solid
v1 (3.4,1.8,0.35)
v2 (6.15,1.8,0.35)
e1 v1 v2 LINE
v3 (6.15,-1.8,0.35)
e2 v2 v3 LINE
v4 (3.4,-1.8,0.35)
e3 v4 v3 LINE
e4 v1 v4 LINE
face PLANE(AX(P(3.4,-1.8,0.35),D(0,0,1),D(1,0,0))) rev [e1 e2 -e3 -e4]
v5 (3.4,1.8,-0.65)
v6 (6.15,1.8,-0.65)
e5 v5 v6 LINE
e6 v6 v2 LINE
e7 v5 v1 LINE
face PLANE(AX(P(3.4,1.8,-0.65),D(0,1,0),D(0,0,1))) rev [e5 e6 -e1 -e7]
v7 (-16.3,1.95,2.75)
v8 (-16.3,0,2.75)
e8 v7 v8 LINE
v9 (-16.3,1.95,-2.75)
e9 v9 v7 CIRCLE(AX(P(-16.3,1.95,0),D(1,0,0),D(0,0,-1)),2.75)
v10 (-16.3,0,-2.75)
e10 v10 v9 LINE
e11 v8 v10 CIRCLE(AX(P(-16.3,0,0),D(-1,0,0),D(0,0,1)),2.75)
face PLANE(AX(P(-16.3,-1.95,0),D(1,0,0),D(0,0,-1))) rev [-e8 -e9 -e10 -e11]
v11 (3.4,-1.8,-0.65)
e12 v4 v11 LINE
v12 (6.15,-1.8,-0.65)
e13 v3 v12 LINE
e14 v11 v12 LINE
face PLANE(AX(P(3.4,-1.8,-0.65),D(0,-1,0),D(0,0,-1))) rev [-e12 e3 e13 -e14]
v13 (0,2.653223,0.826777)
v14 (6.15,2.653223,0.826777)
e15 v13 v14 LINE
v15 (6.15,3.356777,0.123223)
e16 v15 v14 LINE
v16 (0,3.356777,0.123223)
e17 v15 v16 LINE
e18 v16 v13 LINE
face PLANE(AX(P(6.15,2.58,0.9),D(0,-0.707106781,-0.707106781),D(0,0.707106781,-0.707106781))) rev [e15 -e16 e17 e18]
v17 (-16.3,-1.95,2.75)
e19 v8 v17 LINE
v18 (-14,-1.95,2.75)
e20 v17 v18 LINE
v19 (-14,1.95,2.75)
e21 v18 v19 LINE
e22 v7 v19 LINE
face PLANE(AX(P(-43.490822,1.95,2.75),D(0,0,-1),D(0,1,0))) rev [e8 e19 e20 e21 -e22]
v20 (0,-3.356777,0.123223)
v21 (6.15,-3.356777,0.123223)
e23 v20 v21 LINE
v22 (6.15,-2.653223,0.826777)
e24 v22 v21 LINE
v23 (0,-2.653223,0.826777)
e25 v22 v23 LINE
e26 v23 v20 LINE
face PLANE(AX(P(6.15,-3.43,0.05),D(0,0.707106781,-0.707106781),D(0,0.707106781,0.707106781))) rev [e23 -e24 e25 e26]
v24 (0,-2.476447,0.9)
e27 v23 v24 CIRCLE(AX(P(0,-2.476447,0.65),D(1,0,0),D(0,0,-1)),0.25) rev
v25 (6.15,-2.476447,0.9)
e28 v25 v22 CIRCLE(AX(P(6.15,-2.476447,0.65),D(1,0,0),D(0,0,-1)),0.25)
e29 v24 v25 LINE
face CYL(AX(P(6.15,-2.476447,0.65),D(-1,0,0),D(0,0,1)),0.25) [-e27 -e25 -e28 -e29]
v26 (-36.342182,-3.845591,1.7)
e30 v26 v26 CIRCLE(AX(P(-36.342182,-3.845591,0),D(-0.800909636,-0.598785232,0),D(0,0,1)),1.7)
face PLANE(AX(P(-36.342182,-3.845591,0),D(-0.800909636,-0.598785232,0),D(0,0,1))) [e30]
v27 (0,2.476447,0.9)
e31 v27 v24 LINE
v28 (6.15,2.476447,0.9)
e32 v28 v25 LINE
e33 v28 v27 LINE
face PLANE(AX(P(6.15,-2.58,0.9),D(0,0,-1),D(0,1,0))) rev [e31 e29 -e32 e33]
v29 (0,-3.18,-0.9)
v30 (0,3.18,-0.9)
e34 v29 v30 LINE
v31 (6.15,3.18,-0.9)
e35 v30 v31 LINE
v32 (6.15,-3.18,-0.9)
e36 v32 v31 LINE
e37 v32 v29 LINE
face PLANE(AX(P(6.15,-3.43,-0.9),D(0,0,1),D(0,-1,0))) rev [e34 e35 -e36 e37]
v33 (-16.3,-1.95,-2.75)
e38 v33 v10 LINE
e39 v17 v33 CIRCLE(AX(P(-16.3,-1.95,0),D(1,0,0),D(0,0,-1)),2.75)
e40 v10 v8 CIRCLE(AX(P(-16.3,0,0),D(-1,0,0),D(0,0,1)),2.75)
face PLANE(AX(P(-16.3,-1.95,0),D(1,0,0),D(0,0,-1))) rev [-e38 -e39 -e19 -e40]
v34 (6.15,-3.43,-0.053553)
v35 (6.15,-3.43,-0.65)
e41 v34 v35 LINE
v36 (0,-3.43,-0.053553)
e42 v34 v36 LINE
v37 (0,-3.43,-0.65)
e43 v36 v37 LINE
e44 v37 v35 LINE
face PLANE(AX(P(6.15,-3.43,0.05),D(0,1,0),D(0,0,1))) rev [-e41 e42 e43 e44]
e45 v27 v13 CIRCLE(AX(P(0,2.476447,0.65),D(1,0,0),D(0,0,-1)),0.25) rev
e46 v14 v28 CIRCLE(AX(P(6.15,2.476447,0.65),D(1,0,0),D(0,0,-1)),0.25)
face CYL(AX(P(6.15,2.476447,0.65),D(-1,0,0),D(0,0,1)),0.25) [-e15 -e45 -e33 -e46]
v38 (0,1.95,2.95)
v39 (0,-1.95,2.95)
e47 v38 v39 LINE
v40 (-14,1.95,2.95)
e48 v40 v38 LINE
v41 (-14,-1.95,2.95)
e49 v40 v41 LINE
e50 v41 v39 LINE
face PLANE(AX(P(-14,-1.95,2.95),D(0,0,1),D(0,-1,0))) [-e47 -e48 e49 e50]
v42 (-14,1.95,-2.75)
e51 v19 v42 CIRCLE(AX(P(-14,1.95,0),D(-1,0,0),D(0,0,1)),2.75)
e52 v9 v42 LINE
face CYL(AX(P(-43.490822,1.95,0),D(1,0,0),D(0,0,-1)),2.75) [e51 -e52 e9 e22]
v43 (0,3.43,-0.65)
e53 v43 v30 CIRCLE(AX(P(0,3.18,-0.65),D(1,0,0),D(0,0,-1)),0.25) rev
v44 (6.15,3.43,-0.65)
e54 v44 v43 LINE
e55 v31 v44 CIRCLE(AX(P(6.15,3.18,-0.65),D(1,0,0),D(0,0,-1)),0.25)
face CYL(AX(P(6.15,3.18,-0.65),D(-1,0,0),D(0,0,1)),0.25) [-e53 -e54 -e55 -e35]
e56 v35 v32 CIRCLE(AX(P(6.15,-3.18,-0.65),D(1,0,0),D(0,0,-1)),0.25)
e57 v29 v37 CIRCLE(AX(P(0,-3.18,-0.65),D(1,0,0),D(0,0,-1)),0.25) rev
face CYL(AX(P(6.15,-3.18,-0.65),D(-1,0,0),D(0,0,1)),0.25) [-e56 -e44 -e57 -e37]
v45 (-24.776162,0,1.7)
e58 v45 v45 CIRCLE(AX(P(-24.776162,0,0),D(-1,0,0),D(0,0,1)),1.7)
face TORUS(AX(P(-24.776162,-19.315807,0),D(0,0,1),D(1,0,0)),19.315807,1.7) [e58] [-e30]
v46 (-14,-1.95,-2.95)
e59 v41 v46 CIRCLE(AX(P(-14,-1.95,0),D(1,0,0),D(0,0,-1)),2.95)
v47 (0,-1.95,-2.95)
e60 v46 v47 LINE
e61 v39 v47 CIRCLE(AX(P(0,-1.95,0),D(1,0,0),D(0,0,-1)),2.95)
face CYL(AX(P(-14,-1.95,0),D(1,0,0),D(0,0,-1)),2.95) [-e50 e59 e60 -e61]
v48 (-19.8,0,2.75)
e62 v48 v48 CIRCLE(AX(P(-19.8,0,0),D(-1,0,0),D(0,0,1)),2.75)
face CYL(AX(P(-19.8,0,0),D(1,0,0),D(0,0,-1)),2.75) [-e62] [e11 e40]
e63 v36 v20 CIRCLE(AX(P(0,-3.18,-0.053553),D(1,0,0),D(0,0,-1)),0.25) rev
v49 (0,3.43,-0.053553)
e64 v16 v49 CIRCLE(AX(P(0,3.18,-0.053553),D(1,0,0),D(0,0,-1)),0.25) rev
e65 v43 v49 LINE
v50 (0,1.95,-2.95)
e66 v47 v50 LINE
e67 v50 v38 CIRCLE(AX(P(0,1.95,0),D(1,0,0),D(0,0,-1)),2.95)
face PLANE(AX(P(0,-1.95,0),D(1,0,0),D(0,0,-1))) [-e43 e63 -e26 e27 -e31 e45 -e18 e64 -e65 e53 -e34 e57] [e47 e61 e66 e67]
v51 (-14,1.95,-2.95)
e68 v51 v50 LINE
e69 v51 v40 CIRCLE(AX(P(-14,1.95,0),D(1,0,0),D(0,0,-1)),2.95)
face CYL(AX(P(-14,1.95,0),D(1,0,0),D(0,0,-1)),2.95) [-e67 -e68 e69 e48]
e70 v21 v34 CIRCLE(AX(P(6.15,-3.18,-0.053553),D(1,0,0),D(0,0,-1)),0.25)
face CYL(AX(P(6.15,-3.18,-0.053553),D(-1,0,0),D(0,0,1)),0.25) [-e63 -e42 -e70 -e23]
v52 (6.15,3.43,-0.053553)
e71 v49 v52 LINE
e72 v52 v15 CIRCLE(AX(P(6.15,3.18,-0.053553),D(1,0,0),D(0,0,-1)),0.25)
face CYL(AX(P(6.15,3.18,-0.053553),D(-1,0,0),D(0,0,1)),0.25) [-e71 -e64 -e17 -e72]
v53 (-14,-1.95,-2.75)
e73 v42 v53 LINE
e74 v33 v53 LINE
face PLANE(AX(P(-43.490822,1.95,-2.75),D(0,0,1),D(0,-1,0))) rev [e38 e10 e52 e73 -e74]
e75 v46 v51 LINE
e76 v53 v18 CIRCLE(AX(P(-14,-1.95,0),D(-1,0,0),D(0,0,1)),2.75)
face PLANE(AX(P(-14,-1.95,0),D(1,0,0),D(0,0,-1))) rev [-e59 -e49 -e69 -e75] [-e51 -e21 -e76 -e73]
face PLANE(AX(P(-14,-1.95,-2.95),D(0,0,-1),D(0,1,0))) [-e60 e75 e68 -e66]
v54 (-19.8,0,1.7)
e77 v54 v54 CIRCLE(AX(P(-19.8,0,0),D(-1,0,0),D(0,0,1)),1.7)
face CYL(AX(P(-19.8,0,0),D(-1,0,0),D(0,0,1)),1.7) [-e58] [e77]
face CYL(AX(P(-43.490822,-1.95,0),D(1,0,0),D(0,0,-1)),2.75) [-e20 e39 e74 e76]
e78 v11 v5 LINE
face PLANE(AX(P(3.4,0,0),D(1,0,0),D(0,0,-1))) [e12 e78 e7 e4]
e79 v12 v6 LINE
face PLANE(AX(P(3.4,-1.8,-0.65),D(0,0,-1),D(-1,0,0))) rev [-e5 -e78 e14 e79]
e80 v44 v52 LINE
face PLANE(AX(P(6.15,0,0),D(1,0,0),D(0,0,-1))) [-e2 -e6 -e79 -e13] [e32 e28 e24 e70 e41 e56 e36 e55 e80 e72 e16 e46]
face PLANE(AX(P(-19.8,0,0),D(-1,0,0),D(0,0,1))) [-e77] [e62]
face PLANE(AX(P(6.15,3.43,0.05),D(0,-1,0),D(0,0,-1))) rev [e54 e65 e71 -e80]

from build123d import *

# Parameters (mm, degrees)
EXTRUDE_1_DEPTH     = 14
EXTRUDE_2_DEPTH     = 2.3
SKETCH_4_R          = 2.75
EXTRUDE_3_DEPTH     = 3.5
SKETCH_5_R          = 1.7
EXTRUDE_4_DEPTH     = 6.15
FILLET_1_R          = 0.25
SKETCH_8_W          = 1
SKETCH_8_H          = 3.6
CUT_EXTRUDE_1_DEPTH = 2.75


with BuildPart() as part:
    # Эскиз1 → Бобышка-Вытянуть1 (new body)
    with BuildSketch(Plane(origin=(0, 0, 0), x_dir=(0, 0, -1), z_dir=(1, 0, 0))):
        with BuildLine():
            Line((-2.95, -1.95), (-2.95, 1.95))
            ThreePointArc((-2.95, 1.95), (0, 4.9), (2.95, 1.95))
            Line((2.95, 1.95), (2.95, -1.95))
            ThreePointArc((2.95, -1.95), (0, -4.9), (-2.95, -1.95))
        make_face()
    extrude(amount=-EXTRUDE_1_DEPTH)

    # Эскиз3 → Бобышка-Вытянуть2 (add)
    with BuildSketch(Plane.ZY.offset(14)):
        with BuildLine():
            Line((2.75, 1.95), (2.75, -1.95))
            ThreePointArc((2.75, -1.95), (0, -4.7), (-2.75, -1.95))
            Line((-2.75, -1.95), (-2.75, 1.95))
            ThreePointArc((-2.75, 1.95), (0, 4.7), (2.75, 1.95))
        make_face()
    extrude(amount=EXTRUDE_2_DEPTH)

    # Эскиз4 → Бобышка-Вытянуть3 (add)
    with BuildSketch(Plane.ZY.offset(16.3)):
        Circle(SKETCH_4_R)
    extrude(amount=EXTRUDE_3_DEPTH)

    # По траектории1: sweep along a path in Эскиз6
    with BuildLine(Plane.XY) as sweep_1_path:
        Line((-19.8, 0), (-24.776161806, 0))
        ThreePointArc((-24.776161806, 0), (-30.870449905, -0.986593903), (-36.342181829, -3.845591055))
    # Эскиз5 → По траектории1 (sweep)
    with BuildSketch(Plane.ZY.offset(19.8)):
        Circle(SKETCH_5_R)
    sweep(path=sweep_1_path.line)

    # Эскиз7 → Бобышка-Вытянуть4 (add)
    with BuildSketch(Plane(origin=(0, 0, 0), x_dir=(0, 0, -1), z_dir=(1, 0, 0))):
        Polygon((-0.05, -3.43), (-0.9, -2.58), (-0.9, 2.58), (-0.05, 3.43), (0.9, 3.43), (0.9, -3.43), align=None)
    extrude(amount=EXTRUDE_4_DEPTH)

    # Скругление1
    fillet_1_edges = [part.edges().sort_by_distance(p)[0] for p in [
        (3.075, 3.43, -0.9),
        (3.075, 3.43, 0.05),
        (3.075, 2.58, 0.9),
        (3.075, -2.58, 0.9),
        (3.075, -3.43, 0.05),
        (3.075, -3.43, -0.9),
    ]]
    fillet(fillet_1_edges, radius=FILLET_1_R)

    # Эскиз8 → Вырез-Вытянуть1 (cut)
    with BuildSketch(Plane(origin=(6.15, 0, 0), x_dir=(0, 0, -1), z_dir=(1, 0, 0))):
        with Locations((0.15, 0)):
            Rectangle(SKETCH_8_W, SKETCH_8_H)
    extrude(amount=-CUT_EXTRUDE_1_DEPTH, mode=Mode.SUBTRACT)


solid = part.part
